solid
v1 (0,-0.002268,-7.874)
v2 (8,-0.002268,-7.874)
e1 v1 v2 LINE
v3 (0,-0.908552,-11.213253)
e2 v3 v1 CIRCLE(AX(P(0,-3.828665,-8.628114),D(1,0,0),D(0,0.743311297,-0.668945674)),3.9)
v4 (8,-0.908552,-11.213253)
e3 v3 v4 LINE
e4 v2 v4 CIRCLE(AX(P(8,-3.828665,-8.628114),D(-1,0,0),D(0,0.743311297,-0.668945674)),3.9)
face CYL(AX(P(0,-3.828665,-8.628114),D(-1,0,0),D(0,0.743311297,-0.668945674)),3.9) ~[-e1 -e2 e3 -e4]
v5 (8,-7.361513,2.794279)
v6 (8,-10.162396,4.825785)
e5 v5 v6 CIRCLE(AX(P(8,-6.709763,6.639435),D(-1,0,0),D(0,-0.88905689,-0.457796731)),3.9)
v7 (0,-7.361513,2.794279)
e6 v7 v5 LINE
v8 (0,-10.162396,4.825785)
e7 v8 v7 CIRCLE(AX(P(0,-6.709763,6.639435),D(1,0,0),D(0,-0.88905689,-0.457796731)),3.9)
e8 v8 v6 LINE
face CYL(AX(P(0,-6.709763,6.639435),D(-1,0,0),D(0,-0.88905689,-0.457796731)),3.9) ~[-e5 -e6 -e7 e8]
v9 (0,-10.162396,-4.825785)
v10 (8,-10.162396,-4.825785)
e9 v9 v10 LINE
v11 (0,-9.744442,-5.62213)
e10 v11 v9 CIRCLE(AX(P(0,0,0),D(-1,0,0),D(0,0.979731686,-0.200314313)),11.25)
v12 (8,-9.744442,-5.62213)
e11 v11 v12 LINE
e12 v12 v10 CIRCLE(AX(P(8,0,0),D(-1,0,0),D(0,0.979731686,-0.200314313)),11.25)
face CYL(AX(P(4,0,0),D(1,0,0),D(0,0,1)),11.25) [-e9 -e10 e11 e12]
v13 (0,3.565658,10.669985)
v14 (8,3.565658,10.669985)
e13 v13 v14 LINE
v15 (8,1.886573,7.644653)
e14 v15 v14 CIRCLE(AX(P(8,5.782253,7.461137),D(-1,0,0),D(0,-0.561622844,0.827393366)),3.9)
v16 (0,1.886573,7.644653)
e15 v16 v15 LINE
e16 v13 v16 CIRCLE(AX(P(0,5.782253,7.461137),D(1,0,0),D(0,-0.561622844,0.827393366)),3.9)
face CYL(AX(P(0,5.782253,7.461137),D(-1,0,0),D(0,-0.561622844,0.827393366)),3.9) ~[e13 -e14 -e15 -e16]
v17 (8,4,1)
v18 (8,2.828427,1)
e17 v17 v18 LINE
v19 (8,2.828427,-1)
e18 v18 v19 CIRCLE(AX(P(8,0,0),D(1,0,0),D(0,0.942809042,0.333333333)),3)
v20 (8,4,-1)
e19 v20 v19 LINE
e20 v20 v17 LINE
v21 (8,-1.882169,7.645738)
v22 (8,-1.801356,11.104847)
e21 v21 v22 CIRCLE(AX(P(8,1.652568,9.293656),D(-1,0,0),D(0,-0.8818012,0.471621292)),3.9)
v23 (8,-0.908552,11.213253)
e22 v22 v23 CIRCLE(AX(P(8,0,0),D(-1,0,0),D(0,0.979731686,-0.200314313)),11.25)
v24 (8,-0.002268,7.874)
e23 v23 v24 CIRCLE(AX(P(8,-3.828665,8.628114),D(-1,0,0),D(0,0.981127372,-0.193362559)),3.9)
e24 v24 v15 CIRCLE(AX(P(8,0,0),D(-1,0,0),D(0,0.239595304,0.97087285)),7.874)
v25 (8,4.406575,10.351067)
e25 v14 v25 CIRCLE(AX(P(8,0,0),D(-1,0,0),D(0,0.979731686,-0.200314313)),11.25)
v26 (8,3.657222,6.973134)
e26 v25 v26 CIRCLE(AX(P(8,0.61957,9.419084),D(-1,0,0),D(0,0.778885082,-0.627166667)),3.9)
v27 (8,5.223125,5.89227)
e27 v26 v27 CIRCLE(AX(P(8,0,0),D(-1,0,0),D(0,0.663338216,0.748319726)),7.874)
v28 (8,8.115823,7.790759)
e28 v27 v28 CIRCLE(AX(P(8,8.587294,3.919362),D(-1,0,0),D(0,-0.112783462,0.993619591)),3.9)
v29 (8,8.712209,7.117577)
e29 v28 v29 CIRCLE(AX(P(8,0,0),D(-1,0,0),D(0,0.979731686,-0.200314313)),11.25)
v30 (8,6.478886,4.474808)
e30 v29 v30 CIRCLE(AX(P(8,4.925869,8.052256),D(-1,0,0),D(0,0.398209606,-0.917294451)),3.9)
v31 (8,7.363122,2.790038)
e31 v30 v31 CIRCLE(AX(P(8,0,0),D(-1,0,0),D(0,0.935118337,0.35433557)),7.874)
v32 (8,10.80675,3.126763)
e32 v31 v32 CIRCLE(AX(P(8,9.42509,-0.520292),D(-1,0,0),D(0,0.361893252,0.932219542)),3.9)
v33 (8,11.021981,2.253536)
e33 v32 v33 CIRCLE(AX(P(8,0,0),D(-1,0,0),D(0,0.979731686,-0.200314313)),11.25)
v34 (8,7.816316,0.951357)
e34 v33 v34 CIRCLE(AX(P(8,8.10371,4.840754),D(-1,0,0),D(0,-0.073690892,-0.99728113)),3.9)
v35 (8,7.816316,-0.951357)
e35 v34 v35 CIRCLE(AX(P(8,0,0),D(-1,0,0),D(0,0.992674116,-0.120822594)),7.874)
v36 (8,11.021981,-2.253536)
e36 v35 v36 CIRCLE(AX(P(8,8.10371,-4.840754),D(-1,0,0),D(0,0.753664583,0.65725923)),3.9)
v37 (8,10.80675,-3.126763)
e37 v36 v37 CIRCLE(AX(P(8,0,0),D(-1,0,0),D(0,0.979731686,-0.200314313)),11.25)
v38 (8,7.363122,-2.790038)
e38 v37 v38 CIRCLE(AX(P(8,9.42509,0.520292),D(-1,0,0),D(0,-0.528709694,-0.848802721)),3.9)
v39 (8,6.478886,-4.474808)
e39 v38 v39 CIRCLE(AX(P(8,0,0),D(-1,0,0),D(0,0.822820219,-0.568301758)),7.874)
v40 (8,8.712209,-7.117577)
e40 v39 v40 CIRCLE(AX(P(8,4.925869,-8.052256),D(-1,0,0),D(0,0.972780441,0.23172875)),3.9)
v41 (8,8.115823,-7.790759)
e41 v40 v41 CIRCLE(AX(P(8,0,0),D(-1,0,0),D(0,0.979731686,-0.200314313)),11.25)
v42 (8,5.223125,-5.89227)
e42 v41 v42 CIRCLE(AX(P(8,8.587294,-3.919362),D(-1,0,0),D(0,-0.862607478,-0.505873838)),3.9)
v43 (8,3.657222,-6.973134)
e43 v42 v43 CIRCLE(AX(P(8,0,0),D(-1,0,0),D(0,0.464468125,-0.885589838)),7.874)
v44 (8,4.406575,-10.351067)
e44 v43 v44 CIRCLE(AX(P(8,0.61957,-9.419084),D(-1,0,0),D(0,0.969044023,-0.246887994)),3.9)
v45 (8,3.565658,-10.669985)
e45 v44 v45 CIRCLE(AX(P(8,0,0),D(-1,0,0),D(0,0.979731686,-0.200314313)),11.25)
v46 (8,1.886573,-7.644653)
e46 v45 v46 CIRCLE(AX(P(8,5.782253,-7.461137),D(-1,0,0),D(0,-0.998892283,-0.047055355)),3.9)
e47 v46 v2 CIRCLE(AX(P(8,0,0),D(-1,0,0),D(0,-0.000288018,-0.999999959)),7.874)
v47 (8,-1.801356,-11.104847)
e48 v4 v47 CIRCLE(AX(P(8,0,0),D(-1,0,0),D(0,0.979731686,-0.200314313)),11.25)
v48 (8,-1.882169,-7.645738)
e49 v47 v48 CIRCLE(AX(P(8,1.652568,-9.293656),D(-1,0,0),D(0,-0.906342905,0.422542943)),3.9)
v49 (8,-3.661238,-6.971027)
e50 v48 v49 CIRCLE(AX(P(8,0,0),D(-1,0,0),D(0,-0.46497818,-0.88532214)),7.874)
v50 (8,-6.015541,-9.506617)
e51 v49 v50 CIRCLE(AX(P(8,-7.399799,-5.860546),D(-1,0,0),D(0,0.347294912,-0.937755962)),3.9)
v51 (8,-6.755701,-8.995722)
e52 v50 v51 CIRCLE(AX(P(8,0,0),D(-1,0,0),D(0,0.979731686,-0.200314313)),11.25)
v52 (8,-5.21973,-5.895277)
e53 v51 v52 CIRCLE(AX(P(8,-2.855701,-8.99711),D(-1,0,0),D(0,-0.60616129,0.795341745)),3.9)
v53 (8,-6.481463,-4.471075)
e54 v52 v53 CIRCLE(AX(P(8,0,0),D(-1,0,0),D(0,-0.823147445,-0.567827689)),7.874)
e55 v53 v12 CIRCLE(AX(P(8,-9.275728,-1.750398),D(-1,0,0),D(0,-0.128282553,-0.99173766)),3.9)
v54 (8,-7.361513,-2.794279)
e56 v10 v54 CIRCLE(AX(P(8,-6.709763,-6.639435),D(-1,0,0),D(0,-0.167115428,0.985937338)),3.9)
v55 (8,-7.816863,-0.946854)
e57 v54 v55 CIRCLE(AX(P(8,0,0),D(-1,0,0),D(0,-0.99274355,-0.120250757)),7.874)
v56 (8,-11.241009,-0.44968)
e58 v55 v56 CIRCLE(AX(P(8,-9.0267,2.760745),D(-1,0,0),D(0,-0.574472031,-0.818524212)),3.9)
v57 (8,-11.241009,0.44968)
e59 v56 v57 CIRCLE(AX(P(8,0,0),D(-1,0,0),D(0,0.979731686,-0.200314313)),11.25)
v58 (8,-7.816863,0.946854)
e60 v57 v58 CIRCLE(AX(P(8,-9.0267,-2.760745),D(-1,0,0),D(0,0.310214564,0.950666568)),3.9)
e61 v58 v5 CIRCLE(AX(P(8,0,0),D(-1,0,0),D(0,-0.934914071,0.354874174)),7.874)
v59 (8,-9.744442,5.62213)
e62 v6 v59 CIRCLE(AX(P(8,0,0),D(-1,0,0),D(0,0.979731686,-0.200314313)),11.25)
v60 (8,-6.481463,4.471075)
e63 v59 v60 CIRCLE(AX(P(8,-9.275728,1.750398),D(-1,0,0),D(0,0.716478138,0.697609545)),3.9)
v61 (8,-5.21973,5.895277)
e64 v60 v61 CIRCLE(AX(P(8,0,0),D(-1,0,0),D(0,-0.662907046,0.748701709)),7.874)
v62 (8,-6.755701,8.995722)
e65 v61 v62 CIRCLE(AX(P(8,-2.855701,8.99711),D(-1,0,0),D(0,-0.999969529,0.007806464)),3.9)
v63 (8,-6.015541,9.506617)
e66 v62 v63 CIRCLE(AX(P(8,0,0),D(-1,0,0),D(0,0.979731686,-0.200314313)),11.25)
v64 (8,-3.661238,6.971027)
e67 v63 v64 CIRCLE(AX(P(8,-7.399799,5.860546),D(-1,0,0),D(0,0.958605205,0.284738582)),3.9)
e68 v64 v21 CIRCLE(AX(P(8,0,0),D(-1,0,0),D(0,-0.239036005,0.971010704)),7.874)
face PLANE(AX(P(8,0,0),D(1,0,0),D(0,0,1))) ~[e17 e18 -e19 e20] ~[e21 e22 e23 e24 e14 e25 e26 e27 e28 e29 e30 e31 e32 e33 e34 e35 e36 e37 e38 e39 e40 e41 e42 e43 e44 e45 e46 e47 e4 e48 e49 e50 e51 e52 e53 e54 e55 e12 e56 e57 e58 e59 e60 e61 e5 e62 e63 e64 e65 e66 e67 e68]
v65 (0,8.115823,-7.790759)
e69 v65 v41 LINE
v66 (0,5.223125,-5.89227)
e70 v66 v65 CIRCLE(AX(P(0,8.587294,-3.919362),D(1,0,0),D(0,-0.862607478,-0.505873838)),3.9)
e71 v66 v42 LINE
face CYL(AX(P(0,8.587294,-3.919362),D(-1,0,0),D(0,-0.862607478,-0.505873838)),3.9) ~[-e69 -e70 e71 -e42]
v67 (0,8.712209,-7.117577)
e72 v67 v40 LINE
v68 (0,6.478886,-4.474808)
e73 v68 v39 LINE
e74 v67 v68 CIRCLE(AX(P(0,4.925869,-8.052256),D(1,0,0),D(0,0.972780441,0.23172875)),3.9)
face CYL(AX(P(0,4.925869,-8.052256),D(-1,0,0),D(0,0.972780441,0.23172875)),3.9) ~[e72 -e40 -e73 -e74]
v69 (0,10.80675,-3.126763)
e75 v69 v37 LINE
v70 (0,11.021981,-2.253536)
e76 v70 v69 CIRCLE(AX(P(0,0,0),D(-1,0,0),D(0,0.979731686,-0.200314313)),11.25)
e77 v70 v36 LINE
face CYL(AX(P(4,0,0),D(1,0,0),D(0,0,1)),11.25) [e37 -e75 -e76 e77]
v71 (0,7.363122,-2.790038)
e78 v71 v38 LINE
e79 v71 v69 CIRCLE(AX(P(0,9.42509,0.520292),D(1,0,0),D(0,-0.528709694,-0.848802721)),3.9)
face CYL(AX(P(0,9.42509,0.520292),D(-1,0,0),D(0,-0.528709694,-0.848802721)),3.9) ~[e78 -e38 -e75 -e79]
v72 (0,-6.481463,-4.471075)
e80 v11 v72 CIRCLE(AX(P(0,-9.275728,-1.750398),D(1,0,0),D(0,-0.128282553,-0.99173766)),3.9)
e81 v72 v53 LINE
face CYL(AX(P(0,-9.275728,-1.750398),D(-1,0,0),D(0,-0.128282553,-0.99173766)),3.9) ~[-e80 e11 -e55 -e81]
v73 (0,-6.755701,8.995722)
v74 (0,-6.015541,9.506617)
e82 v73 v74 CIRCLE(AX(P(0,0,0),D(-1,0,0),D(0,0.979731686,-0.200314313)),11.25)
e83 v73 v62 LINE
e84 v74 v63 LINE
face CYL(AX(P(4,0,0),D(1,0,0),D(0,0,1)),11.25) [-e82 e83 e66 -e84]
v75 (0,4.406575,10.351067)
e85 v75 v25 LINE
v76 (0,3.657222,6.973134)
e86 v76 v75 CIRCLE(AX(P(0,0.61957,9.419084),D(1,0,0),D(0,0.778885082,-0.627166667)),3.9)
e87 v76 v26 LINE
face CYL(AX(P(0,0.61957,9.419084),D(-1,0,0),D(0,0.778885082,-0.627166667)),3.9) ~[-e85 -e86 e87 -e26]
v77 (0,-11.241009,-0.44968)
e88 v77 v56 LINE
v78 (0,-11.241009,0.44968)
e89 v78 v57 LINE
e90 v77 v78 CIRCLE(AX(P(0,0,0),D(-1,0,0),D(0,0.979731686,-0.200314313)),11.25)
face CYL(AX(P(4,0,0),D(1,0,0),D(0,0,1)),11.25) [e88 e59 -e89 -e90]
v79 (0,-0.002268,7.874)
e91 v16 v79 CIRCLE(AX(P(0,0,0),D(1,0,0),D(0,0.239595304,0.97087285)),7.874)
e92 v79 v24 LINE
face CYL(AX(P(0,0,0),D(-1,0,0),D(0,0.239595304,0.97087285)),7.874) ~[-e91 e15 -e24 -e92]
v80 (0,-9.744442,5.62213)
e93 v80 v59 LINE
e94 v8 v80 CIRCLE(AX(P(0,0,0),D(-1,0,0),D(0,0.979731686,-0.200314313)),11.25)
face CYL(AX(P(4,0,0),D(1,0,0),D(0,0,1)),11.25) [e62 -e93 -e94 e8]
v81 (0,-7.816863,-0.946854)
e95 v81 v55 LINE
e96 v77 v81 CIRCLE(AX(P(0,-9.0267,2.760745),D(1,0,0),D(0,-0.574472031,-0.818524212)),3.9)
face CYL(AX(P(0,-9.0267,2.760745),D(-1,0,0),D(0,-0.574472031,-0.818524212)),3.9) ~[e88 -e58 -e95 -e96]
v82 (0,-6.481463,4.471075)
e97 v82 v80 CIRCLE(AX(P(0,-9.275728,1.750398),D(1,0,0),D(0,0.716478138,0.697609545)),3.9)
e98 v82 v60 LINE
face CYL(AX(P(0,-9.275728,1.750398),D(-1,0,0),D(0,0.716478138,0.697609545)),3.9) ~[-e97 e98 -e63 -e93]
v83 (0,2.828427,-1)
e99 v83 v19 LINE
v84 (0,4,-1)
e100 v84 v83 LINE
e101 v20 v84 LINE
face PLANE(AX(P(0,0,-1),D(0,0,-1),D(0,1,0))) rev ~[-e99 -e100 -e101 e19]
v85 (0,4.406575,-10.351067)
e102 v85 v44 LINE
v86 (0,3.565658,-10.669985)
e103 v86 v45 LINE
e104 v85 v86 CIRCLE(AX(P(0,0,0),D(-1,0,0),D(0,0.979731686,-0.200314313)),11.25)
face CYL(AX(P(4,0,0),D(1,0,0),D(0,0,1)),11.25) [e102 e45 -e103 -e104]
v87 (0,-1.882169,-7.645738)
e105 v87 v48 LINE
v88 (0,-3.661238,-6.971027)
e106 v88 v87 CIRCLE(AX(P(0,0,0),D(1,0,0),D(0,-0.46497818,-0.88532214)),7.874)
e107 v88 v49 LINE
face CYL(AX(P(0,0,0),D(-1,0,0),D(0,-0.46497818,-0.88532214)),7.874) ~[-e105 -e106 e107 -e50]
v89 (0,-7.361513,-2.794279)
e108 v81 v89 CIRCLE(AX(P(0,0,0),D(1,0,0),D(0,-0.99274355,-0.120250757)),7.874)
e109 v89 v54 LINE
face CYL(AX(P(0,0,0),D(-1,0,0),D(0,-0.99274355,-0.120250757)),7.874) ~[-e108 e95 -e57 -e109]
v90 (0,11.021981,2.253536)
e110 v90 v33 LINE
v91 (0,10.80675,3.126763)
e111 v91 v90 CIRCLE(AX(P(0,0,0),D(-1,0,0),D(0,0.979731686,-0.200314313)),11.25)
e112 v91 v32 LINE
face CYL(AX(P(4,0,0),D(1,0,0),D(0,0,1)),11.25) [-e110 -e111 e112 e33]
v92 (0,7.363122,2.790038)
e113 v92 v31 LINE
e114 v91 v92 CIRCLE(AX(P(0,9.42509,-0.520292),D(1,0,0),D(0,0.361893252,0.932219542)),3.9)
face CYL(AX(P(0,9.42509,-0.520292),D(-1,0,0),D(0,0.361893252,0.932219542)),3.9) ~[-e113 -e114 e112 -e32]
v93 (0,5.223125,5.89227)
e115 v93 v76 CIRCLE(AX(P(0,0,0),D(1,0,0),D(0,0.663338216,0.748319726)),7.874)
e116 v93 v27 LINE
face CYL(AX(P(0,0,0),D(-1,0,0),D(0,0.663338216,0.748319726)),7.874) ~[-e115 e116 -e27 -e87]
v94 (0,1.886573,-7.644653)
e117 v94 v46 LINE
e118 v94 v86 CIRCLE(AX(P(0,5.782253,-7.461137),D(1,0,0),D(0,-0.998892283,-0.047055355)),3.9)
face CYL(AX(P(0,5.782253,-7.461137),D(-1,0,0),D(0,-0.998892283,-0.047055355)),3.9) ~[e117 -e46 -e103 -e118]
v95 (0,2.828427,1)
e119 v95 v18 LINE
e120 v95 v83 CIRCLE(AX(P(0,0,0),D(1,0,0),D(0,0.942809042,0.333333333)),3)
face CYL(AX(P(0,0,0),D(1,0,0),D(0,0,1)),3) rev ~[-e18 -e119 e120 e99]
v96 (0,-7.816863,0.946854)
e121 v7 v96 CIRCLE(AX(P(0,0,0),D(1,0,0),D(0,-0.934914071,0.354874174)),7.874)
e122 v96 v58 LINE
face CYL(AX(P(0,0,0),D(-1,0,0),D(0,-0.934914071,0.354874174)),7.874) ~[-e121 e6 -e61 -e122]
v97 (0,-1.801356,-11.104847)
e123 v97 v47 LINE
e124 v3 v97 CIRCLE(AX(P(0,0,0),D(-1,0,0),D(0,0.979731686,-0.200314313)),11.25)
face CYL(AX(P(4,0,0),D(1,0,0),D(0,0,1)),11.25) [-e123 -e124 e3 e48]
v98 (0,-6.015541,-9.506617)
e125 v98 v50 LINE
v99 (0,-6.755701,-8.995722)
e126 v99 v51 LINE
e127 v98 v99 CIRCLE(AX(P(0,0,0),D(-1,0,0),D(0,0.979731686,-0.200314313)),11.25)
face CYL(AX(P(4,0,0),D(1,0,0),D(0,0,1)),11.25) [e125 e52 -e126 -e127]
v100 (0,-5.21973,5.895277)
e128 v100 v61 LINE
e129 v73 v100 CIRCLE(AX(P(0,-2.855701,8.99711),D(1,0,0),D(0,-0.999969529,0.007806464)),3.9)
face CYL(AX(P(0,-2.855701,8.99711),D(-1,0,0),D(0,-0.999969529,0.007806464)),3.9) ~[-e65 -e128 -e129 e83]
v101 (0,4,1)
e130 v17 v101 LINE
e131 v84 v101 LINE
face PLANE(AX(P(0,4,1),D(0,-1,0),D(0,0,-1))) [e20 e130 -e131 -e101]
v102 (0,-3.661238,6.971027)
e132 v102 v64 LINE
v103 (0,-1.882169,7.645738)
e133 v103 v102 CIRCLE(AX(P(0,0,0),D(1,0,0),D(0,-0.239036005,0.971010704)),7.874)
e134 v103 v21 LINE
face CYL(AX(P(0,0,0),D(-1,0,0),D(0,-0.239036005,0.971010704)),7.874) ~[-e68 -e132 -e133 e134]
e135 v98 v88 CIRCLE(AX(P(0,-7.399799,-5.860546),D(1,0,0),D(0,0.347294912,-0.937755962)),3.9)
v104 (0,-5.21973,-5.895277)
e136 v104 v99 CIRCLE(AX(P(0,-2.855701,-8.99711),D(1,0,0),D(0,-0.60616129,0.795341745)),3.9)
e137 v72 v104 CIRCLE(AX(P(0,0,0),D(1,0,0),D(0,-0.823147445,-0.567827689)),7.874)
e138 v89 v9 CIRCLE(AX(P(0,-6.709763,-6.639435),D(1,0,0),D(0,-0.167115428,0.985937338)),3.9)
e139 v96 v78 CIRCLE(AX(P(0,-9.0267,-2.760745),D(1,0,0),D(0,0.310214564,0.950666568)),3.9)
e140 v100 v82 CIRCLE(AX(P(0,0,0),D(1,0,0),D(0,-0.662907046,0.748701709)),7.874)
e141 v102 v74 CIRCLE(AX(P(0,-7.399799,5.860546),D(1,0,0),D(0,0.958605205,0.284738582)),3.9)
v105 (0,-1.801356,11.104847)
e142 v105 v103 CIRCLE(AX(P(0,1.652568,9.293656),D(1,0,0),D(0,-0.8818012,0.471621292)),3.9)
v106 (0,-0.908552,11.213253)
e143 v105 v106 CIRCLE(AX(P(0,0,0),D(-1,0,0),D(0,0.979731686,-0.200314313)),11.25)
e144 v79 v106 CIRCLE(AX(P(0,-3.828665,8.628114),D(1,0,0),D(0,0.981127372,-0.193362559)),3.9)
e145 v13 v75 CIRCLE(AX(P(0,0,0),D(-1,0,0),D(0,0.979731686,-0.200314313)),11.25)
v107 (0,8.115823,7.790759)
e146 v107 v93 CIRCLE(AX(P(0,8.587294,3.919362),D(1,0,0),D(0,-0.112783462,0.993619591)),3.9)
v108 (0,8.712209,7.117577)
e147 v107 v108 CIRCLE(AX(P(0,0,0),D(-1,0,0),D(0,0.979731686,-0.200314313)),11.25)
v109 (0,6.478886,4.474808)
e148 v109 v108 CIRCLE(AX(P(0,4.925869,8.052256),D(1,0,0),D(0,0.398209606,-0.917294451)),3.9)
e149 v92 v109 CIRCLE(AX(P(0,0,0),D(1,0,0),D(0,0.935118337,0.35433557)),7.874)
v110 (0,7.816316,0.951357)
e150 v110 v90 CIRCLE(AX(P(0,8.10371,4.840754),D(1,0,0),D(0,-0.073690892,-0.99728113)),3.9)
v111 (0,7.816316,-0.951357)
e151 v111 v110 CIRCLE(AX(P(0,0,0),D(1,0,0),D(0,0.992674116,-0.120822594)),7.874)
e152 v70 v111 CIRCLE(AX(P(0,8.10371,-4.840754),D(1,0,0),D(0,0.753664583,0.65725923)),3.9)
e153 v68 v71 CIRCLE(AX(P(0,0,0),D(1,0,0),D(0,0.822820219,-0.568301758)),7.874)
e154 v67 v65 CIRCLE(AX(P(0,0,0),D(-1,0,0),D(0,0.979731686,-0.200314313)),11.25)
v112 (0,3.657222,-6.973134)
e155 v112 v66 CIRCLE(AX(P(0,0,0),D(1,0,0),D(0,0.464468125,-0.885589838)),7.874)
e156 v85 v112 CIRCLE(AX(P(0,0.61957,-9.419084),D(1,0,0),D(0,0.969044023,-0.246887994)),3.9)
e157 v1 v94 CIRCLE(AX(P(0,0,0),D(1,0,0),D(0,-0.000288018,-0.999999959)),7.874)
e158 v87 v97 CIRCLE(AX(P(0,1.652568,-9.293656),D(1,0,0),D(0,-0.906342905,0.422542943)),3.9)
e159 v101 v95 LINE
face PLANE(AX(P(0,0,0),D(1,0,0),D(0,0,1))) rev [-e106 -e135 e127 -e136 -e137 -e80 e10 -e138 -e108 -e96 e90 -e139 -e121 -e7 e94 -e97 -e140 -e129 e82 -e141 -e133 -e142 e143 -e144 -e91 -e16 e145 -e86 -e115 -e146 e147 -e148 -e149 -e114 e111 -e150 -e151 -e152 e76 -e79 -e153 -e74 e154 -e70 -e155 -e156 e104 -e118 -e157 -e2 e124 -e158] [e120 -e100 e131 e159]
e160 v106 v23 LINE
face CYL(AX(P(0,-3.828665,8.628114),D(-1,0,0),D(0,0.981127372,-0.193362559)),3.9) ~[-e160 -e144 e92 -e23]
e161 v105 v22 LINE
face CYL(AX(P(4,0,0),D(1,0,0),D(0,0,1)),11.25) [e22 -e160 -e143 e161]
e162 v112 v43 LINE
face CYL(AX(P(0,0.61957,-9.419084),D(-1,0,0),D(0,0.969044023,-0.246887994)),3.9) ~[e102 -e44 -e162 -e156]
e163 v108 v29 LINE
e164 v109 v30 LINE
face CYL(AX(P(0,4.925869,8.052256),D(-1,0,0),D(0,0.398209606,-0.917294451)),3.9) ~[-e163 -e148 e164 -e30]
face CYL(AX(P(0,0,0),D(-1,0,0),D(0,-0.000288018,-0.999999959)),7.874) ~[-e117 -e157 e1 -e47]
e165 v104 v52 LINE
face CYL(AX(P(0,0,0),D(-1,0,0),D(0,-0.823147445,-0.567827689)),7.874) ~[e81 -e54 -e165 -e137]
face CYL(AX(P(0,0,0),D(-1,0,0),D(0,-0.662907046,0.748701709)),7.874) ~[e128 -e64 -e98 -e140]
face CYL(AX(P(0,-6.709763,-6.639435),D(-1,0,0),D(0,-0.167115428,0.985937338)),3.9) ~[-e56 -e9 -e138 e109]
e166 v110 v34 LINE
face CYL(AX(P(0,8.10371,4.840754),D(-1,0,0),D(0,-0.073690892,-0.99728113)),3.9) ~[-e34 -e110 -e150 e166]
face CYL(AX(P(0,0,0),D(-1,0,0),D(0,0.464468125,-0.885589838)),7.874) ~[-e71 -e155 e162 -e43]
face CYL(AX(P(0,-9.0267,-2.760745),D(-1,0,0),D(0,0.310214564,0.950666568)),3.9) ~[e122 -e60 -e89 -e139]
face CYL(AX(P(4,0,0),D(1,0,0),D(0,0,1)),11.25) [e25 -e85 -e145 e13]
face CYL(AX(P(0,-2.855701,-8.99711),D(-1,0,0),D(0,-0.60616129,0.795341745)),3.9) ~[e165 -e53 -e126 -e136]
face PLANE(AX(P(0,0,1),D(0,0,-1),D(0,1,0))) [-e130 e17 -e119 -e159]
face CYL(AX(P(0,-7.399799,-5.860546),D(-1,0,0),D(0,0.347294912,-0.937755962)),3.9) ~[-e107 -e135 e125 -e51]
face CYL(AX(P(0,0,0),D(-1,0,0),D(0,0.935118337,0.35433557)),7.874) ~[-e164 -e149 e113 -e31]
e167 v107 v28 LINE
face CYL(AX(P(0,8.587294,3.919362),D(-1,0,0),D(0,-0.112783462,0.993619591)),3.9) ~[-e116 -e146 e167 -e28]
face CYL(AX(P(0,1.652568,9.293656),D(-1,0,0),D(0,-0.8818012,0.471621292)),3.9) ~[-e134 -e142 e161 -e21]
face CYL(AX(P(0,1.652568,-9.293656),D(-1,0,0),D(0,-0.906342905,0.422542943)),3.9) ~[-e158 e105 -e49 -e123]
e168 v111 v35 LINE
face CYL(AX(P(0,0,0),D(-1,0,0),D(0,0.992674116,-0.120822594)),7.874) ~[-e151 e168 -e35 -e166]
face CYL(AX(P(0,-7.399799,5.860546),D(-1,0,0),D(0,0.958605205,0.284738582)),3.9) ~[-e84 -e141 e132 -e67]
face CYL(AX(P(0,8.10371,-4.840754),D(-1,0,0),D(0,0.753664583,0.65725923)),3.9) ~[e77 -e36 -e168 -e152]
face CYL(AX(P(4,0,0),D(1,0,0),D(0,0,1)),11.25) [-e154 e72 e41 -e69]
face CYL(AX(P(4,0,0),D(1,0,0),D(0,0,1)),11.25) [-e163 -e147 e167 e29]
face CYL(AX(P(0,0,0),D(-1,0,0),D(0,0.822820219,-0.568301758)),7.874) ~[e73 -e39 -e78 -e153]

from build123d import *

# Parameters (mm, degrees)
BASPROSKE_W     = 8
BASPROSKE_H     = 11.25
TOOTHCUT_DEPTH  = 18.808003819
TEETHCUTS_COUNT = 13
TEETHCUTS_ANGLE = 332.307692308
BORSKE_R        = 3
BORE_DEPTH      = 50.0000508
KEYSKE_W        = 2
KEYSKE_H        = 4
KEYWAY_DEPTH    = 50.0000508


with BuildPart() as part:
    # BasProSke → Base-Revolve (revolve)
    with BuildSketch(Plane(origin=(0, 0, 0), x_dir=(1, 0, 0), z_dir=(0, 1, 0)), mode=Mode.PRIVATE) as base_revolve_sk:
        with Locations((4, 5.625)):
            Rectangle(BASPROSKE_W, BASPROSKE_H)
    revolve(base_revolve_sk.sketch.rotate(Axis((-10, 0, 0), (1, 0, 0)), 180), axis=Axis((-10, 0, 0), (1, 0, 0)))

    # TooCutSke → ToothCut (cut, through all)
    with BuildSketch(Plane(origin=(0, 0, 0), x_dir=(0, 0, -1), z_dir=(1, 0, 0))):
        with BuildLine():
            ThreePointArc((0.95135711, 7.81631599), (0, 7.874), (-0.95135711, 7.81631599))
            ThreePointArc((-0.95135711, 7.81631599), (-1.233506032, 9.58619675), (-2.277442519, 11.043002342))
            ThreePointArc((-2.277442519, 11.043002342), (0, 11.2754), (2.277442519, 11.043002342))
            ThreePointArc((2.277442519, 11.043002342), (1.233506032, 9.58619675), (0.95135711, 7.81631599))
        make_face()
    toothcut = extrude(amount=TOOTHCUT_DEPTH, mode=Mode.SUBTRACT)

    # TeethCuts: ToothCut ×13 about axis
    teethcuts_axis = Axis((-10, 0, 0), (1, 0, 0))
    for i in range(1, TEETHCUTS_COUNT):
        add(toothcut.rotate(teethcuts_axis, i * TEETHCUTS_ANGLE / (TEETHCUTS_COUNT - 1)), mode=Mode.SUBTRACT)

    # BorSke → Bore (cut, symmetric)
    with BuildSketch(Plane(origin=(0, 0, 0), x_dir=(0, 0, -1), z_dir=(1, 0, 0))):
        with Locations(Location((0, 0, 0), (0, 0, 180))):
            Circle(BORSKE_R)
    extrude(amount=BORE_DEPTH, both=True, mode=Mode.SUBTRACT)

    # KeySke → Keyway (cut, symmetric)
    with BuildSketch(Plane(origin=(0, 0, 0), x_dir=(0, 0, -1), z_dir=(1, 0, 0))):
        with Locations((0, 2)):
            Rectangle(KEYSKE_W, KEYSKE_H)
    extrude(amount=KEYWAY_DEPTH, both=True, mode=Mode.SUBTRACT)


solid = part.part
